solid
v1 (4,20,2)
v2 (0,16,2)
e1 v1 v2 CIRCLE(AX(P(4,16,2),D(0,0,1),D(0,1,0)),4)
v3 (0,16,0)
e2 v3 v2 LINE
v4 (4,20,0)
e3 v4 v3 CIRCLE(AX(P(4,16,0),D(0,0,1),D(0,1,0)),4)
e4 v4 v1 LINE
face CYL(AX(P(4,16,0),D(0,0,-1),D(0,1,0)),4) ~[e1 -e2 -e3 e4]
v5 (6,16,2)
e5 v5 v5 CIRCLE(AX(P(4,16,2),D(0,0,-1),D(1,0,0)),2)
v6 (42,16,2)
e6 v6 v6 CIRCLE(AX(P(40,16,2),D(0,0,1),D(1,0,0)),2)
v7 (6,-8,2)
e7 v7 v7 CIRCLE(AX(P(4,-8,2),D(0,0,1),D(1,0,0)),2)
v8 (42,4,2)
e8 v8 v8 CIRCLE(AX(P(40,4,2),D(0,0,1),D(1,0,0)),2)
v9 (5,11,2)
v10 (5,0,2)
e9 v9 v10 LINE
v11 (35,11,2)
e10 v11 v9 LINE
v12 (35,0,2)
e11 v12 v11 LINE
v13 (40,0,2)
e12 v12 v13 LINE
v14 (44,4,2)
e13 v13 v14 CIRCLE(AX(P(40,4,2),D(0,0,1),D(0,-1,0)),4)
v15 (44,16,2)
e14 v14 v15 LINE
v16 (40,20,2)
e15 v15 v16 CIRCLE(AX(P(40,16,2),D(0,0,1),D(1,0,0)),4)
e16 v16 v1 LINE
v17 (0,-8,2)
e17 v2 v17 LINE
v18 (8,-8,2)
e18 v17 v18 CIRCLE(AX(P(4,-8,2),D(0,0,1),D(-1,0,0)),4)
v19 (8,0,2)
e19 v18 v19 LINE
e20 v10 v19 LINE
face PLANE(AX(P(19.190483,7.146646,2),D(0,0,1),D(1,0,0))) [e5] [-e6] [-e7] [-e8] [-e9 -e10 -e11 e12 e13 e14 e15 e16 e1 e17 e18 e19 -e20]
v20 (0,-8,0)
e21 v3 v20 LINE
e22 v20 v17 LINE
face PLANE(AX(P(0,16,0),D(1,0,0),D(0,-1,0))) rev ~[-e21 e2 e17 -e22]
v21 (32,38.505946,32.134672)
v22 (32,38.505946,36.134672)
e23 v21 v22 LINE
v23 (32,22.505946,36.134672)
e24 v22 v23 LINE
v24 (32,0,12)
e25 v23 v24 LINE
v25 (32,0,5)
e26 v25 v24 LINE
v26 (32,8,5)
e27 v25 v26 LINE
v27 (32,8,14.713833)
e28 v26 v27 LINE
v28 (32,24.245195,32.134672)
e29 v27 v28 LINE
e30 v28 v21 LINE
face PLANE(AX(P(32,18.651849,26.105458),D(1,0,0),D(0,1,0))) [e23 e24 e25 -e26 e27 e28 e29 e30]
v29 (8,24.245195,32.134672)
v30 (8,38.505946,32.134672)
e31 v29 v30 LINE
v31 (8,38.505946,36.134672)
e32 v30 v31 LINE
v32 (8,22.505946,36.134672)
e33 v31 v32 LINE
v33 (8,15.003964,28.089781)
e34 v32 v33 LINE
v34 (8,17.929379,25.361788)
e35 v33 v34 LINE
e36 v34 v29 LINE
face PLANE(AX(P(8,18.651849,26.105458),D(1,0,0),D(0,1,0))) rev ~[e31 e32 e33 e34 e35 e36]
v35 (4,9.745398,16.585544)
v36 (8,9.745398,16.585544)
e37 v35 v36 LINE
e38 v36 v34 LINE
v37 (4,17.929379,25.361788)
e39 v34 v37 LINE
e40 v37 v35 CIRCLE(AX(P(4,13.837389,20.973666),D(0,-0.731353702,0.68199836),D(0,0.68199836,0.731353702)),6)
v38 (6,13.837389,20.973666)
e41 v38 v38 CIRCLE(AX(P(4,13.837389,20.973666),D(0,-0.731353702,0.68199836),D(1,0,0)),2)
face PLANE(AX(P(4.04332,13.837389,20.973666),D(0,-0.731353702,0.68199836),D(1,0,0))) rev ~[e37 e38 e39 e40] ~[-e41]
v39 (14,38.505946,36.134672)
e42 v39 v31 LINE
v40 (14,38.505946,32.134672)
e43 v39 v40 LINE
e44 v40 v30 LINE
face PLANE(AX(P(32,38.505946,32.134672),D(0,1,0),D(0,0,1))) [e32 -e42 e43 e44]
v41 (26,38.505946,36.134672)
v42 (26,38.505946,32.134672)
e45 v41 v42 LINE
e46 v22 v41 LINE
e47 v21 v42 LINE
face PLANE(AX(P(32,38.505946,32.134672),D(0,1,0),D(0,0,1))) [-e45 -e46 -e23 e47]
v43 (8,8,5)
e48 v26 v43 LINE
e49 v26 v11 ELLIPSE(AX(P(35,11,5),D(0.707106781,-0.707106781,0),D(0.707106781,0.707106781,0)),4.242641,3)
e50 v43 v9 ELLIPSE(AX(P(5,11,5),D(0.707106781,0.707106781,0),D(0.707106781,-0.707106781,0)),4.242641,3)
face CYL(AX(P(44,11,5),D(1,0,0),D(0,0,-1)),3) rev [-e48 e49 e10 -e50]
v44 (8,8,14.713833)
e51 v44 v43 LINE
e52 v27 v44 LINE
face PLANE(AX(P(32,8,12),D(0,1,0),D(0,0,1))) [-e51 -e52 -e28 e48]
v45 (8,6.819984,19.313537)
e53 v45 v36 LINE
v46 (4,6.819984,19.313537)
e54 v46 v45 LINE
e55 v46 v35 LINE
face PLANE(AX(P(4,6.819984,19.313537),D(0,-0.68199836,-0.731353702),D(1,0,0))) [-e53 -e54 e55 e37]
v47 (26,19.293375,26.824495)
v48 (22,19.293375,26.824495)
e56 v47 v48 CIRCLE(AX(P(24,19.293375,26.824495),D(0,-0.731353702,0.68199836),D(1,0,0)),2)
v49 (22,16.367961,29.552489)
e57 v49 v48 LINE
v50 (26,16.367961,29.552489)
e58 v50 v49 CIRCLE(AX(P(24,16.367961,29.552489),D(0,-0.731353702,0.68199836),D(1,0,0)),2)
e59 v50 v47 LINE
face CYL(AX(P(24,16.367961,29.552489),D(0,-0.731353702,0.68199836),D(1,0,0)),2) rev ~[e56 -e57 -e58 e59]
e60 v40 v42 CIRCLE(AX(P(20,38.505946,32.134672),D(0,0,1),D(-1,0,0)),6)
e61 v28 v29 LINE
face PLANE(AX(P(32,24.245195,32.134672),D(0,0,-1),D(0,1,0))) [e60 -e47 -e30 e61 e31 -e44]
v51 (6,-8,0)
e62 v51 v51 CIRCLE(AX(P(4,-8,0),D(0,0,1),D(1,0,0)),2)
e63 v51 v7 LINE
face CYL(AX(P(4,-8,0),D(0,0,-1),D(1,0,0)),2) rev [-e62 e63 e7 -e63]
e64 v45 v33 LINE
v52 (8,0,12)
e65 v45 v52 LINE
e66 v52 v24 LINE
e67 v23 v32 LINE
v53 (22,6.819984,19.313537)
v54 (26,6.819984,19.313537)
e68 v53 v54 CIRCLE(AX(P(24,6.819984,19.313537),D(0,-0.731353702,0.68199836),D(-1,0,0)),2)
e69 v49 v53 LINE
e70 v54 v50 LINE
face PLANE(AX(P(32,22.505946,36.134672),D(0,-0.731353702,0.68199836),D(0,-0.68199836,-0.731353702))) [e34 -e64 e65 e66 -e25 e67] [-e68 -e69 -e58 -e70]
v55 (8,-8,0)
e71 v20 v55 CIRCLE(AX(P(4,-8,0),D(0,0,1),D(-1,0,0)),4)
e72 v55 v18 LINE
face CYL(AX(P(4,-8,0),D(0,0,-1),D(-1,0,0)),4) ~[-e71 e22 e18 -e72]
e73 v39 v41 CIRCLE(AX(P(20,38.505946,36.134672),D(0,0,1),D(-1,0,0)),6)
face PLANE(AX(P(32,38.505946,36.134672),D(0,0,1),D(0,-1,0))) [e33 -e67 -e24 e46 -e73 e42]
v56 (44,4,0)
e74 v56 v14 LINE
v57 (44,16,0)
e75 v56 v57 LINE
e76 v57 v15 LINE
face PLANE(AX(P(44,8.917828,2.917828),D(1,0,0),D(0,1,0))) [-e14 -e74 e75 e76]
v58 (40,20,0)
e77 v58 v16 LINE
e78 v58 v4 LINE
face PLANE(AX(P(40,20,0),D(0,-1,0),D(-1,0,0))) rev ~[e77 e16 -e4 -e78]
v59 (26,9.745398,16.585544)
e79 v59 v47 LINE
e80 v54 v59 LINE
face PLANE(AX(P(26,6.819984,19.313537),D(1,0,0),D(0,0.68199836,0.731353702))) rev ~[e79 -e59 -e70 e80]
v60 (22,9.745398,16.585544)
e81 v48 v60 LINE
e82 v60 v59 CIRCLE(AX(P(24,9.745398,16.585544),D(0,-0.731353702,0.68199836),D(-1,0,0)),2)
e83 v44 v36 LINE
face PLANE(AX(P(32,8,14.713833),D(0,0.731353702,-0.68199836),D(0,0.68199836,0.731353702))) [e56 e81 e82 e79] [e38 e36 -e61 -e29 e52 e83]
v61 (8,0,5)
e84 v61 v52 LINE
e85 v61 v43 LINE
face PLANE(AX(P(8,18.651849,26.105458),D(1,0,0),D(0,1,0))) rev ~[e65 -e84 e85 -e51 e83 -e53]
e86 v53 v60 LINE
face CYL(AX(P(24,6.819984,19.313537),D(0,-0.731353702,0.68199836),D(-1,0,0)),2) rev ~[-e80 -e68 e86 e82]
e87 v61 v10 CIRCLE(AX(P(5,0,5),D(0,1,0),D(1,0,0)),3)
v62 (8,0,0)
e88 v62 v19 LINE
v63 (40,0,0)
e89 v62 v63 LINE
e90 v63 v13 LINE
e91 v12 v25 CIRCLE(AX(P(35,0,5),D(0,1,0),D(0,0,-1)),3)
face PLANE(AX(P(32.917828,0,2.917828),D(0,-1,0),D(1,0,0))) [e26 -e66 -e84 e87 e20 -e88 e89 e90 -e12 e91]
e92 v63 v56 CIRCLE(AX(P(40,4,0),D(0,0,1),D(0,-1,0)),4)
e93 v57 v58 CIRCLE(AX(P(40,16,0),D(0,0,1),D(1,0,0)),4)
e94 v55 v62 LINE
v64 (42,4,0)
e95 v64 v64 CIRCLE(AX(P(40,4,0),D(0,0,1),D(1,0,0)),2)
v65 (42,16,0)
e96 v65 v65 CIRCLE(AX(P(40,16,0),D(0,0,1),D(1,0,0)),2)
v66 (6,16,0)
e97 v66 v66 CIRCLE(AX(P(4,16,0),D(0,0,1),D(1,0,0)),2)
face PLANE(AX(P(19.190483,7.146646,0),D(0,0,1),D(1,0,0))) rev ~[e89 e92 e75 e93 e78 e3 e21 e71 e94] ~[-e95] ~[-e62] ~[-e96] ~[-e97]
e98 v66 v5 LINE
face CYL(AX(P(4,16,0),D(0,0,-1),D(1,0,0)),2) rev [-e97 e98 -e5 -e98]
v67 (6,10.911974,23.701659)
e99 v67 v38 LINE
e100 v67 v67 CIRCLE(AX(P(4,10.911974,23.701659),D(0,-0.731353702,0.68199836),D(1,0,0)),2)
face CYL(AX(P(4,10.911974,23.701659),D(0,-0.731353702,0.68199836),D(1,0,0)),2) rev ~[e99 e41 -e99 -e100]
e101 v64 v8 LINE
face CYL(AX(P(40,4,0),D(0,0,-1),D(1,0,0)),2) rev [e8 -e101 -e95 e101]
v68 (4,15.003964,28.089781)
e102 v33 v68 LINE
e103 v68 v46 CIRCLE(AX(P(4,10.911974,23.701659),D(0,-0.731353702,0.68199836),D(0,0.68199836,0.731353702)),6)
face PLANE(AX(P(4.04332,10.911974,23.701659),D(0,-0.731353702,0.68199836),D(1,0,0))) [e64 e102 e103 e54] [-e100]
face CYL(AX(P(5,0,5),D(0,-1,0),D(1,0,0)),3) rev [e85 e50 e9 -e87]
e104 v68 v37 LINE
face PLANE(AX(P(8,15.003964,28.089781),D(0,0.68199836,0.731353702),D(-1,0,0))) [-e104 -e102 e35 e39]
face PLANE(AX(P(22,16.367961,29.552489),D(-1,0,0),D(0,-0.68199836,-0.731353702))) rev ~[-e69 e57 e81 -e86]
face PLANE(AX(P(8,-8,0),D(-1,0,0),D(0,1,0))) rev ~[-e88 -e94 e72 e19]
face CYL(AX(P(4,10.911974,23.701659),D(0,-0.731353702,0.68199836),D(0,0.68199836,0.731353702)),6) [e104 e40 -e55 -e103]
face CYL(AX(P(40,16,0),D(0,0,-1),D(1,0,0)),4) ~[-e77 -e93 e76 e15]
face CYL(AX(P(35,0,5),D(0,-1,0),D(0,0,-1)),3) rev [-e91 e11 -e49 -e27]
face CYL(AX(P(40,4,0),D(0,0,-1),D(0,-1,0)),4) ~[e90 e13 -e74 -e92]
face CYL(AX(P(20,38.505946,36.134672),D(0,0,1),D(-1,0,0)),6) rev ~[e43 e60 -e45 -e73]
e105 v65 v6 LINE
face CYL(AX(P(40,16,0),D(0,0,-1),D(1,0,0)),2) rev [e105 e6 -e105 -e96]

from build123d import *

# Parameters (mm, degrees)
F0_R      = 2
F1_DEPTH  = 2
F2_W      = 24
F2_H      = 8
F3_DEPTH  = 10
F5_DEPTH  = 8
F7_DEPTH  = 40
F9_DEPTH  = 25
F11_DEPTH = 24
F13_DEPTH = 4
F14_R     = 2
F15_DEPTH = 4
F17_DEPTH = 4


with BuildPart() as f1:
    # F0 (on Top) → F1 (new body)
    with BuildSketch(Plane.XY):
        with BuildLine():
            Line((40, 20), (4, 20))
            ThreePointArc((4, 20), (1.1715728753, 18.8284271247), (0, 16))
            Line((0, 16), (0, -8))
            ThreePointArc((0, -8), (4, -12), (8, -8))
            Line((8, -8), (8, 0))
            Line((8, 0), (40, 0))
            ThreePointArc((40, 0), (42.8284271247, 1.1715728753), (44, 4))
            Line((44, 4), (44, 16))
            ThreePointArc((44, 16), (42.8284271247, 18.8284271247), (40, 20))
        make_face()
        with Locations((4, -8)):
            Circle(F0_R, mode=Mode.SUBTRACT)
        with Locations((4, 16)):
            Circle(F0_R, mode=Mode.SUBTRACT)
        with Locations((40, 4)):
            Circle(F0_R, mode=Mode.SUBTRACT)
        with Locations((40, 16)):
            Circle(F0_R, mode=Mode.SUBTRACT)
    extrude(amount=F1_DEPTH)

    # F2 (on face) → F3 (join)
    with BuildSketch(Plane.XY.offset(2)):
        with Locations((20, 4)):
            Rectangle(F2_W, F2_H)
    extrude(amount=F3_DEPTH)

    # F4 (on face) → F5 (join)
    with BuildSketch(Plane.XZ):
        with BuildLine():
            Line((32, 2), (35, 2))
            ThreePointArc((35, 2), (32.8786796564, 2.8786796564), (32, 5))
            Line((32, 5), (32, 2))
        make_face()
        with BuildLine():
            Line((5, 2), (8, 2))
            Line((8, 2), (8, 5))
            ThreePointArc((8, 5), (7.1213203436, 2.8786796564), (5, 2))
        make_face()
    extrude(amount=-F5_DEPTH)

    # F6 (on face) → F7 (join)
    with BuildSketch(Plane.YZ.offset(44)):
        with BuildLine():
            ThreePointArc((11, 2), (8.8786796564, 2.8786796564), (8, 5))
            Line((8, 5), (8, 2))
            Line((8, 2), (11, 2))
        make_face()
    extrude(amount=-F7_DEPTH)

    # F8 (on face) → F9 (cut)
    with BuildSketch(Plane.XZ):
        with BuildLine():
            ThreePointArc((5, 2), (7.1213203436, 2.8786796564), (8, 5))
            Line((8, 5), (3.8540177047, 5))
            Line((3.8540177047, 5), (3.8540177047, 2))
            Line((3.8540177047, 2), (5, 2))
        make_face()
        with BuildLine():
            Line((44, 5), (32, 5))
            ThreePointArc((32, 5), (32.8786796564, 2.8786796564), (35, 2))
            Line((35, 2), (40, 2))
            Line((40, 2), (44, 2))
            Line((44, 2), (44, 5))
        make_face()
    extrude(amount=-F9_DEPTH, mode=Mode.SUBTRACT)

    # F10 (on face) → F11 (join)
    with BuildSketch(Plane.YZ.offset(32)):
        Polygon((22.5059458821, 36.1346721534), (0, 12), (8, 12), (8, 14.7138329376), (24.2451953819, 32.1346721534), (38.5059458821, 32.1346721534), (38.5059458821, 36.1346721534), align=None)
    extrude(amount=-F11_DEPTH)

    # F12 (on face) → F13 (cut)
    with BuildSketch(Plane(origin=(0, -5.9853843016, 5.5814611575), x_dir=(1, 0, 0), z_dir=(0, -0.7313537016, 0.6819983601))):
        with BuildLine():
            Line((26, 18.7762444194), (26, 32.7762444194))
            ThreePointArc((26, 32.7762444194), (24, 34.7762444194), (22, 32.7762444194))
            Line((22, 32.7762444194), (22, 18.7762444194))
            ThreePointArc((22, 18.7762444194), (24, 16.7762444194), (26, 18.7762444194))
        make_face()
    extrude(amount=-F13_DEPTH, mode=Mode.SUBTRACT)

    # F14 (on face) → F15 (join)
    with BuildSketch(Plane(origin=(0, -5.9853843016, 5.5814611575), x_dir=(1, 0, 0), z_dir=(0, -0.7313537016, 0.6819983601))):
        with BuildLine():
            Line((8, 30.7762444194), (4, 30.7762444194))
            ThreePointArc((4, 30.7762444194), (-2, 24.7762444194), (4, 18.7762444194))
            Line((4, 18.7762444194), (8, 18.7762444194))
            Line((8, 18.7762444194), (8, 30.7762444194))
        make_face()
        with Locations((4, 24.7762444194)):
            Circle(F14_R, mode=Mode.SUBTRACT)
    extrude(amount=-F15_DEPTH)

    # F16 (on face) → F17 (cut)
    with BuildSketch(Plane.XY.offset(36.1346721534)):
        with BuildLine():
            ThreePointArc((14, 38.5059458821), (20, 32.5059458821), (26, 38.5059458821))
            Line((26, 38.5059458821), (14, 38.5059458821))
        make_face()
    extrude(amount=-F17_DEPTH, mode=Mode.SUBTRACT)


solid = f1.part
